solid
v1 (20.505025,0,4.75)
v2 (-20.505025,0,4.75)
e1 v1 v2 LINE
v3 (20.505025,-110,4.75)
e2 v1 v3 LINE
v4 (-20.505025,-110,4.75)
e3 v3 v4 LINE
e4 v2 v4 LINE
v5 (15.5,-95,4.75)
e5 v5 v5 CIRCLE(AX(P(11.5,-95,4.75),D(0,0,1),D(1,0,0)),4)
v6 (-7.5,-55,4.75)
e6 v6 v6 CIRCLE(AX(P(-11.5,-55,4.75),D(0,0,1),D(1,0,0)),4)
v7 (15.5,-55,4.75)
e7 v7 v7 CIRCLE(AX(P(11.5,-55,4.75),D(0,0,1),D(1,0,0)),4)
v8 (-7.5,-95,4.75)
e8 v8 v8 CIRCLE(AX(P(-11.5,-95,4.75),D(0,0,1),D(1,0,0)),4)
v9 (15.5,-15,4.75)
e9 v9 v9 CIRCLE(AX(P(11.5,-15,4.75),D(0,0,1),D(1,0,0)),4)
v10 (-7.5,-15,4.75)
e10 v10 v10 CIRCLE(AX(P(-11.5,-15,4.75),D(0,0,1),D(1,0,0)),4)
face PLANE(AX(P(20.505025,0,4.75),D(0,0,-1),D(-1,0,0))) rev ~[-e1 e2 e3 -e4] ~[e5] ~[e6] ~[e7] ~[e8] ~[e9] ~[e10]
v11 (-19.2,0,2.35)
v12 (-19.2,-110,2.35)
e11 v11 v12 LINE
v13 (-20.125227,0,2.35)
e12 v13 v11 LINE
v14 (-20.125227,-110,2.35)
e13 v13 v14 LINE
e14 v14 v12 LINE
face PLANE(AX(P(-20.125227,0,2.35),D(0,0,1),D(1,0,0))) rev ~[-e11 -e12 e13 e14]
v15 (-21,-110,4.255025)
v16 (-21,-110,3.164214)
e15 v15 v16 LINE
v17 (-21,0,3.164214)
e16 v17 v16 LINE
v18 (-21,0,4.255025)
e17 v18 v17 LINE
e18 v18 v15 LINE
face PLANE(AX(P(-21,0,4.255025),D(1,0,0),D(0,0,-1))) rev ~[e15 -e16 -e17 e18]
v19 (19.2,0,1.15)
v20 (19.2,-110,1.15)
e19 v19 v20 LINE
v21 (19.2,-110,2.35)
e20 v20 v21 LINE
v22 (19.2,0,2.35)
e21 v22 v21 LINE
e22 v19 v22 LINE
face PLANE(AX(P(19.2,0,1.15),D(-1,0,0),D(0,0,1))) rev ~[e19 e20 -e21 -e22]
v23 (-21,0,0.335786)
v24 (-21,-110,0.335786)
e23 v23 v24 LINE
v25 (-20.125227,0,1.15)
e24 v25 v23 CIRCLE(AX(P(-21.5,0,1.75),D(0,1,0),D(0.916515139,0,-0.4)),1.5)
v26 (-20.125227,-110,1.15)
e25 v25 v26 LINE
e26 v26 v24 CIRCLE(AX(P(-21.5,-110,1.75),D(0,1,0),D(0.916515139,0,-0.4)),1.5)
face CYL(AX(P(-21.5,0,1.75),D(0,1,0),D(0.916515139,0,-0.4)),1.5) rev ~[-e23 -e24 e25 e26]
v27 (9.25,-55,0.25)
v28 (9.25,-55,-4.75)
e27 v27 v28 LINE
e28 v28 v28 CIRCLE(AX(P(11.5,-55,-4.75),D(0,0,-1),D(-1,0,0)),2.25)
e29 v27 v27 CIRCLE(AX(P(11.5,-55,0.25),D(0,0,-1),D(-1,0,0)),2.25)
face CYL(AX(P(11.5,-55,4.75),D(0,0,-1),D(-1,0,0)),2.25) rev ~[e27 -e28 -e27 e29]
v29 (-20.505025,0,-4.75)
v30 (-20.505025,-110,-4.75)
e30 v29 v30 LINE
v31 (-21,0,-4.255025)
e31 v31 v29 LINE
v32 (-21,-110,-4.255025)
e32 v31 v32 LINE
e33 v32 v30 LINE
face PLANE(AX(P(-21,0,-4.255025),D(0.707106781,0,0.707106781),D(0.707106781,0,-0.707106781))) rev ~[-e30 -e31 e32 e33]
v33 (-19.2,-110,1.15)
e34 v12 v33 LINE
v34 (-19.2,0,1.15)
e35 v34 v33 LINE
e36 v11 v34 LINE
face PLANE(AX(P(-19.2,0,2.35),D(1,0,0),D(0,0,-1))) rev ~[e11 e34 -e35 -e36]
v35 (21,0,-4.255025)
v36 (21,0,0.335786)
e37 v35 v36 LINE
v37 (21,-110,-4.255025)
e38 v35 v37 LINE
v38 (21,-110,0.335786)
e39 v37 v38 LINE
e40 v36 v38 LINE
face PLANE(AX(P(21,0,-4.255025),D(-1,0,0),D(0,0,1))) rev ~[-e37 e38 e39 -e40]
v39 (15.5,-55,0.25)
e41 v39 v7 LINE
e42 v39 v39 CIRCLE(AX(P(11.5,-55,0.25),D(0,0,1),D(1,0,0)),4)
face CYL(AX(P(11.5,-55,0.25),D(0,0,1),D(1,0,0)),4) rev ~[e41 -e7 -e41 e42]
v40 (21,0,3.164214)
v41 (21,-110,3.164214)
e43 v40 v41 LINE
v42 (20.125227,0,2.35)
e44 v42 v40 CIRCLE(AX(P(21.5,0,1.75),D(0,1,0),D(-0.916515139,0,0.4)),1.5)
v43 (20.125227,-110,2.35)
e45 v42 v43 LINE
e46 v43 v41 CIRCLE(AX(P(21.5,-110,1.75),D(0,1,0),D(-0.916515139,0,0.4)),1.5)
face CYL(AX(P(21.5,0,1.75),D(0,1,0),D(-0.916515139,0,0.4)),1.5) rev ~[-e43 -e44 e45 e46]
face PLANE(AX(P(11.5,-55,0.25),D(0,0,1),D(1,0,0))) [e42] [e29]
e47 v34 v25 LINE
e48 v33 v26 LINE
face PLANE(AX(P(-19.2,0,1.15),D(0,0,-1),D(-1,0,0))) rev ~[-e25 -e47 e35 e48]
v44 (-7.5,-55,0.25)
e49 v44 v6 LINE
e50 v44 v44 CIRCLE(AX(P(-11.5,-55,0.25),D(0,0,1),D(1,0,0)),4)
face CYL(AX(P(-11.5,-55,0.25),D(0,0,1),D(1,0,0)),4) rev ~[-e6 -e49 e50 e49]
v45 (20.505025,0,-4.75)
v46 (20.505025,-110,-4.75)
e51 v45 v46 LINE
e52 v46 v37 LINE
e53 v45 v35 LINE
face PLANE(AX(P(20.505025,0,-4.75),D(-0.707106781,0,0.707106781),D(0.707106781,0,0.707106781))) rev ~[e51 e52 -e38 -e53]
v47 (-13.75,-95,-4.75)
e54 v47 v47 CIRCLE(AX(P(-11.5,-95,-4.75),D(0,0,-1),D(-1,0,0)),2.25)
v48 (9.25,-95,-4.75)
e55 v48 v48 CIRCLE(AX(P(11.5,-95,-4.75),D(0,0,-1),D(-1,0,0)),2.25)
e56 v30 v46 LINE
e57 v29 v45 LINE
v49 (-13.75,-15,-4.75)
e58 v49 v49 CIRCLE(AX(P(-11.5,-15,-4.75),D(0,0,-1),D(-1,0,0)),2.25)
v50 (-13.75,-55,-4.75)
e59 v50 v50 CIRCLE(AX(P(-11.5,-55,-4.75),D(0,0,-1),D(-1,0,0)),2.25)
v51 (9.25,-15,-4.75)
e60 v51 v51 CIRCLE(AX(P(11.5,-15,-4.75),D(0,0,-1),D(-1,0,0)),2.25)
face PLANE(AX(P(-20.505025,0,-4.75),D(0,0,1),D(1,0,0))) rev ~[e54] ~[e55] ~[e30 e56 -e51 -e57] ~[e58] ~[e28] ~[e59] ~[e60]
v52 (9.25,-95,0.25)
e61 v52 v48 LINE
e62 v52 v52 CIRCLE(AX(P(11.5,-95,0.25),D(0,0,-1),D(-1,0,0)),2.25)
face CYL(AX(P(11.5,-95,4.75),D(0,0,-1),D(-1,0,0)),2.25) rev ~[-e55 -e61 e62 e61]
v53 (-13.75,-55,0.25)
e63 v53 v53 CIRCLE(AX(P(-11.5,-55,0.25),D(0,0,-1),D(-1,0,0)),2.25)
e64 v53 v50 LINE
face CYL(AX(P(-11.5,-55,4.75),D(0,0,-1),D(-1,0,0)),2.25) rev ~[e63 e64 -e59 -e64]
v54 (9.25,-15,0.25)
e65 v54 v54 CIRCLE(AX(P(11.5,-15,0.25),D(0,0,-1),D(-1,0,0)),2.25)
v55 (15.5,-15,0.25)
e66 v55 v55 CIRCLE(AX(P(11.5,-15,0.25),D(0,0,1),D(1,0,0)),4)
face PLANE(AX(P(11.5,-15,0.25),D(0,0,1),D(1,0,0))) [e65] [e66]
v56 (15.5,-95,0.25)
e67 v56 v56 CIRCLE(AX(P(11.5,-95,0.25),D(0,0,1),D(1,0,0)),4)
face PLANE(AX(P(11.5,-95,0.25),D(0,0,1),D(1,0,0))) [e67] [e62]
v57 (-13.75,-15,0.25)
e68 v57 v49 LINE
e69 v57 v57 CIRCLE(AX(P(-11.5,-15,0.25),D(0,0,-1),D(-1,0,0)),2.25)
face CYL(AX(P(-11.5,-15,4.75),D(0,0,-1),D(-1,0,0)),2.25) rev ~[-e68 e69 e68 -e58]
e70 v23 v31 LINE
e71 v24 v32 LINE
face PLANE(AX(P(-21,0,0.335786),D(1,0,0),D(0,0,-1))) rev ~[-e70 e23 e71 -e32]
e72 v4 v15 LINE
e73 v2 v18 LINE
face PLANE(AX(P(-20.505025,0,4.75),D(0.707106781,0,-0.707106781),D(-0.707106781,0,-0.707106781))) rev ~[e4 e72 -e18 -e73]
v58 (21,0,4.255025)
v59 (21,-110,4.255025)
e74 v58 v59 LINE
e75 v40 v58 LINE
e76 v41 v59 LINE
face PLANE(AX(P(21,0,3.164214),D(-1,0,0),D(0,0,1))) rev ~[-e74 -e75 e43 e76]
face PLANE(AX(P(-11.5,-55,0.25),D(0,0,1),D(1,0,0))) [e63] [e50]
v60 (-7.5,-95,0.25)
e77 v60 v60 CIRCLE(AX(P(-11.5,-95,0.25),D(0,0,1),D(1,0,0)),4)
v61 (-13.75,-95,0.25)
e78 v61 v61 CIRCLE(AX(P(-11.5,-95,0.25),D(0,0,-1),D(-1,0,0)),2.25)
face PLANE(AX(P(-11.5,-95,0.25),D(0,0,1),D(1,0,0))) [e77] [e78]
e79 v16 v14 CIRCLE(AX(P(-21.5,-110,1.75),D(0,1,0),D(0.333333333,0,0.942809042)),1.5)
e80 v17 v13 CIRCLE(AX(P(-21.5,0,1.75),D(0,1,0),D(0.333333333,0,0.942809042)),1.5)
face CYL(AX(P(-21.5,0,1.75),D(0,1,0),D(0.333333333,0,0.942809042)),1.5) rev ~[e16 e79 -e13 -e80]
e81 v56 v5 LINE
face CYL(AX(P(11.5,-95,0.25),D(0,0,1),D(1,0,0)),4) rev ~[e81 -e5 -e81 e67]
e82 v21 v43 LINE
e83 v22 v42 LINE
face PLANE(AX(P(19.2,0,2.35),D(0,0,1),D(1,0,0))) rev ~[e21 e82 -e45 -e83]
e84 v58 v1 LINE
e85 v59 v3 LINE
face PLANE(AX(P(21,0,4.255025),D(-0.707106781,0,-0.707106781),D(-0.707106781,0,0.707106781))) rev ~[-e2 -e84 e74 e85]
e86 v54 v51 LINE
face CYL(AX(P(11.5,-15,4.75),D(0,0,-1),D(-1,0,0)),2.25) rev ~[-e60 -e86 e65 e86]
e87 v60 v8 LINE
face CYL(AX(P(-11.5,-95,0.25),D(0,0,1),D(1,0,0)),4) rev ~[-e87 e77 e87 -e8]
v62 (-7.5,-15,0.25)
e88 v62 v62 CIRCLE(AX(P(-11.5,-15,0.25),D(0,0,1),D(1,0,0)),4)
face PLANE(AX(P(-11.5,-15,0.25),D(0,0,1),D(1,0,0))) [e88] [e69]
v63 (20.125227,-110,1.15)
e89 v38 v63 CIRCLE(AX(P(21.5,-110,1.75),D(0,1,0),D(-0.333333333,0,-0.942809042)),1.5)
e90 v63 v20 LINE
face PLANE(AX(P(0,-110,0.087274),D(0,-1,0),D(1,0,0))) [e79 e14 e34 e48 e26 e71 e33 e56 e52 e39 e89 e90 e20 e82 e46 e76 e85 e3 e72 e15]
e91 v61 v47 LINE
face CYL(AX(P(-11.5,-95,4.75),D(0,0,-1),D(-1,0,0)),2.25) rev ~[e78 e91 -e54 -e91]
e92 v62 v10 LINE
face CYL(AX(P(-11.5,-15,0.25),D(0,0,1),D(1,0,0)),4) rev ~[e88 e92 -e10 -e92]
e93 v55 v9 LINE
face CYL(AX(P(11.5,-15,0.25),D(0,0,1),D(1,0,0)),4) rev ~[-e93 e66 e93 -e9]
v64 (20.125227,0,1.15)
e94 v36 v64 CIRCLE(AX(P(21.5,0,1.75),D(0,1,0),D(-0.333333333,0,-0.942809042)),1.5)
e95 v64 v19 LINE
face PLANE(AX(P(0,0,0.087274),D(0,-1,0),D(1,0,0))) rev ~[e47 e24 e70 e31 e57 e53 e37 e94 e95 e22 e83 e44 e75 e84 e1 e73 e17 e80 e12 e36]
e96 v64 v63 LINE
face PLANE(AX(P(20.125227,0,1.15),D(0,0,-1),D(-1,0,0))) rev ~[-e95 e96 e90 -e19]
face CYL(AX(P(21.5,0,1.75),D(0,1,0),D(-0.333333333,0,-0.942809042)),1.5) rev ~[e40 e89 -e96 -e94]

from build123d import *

# Parameters (mm, degrees)
F4_DEPTH       = 110
F6_D           = 4.5
F6_CBORE_D     = 8
F6_CBORE_DEPTH = 4.5


with BuildPart() as f4:
    # F3 (on Front) → F4 (new body)
    with BuildSketch(Plane.XZ):
        with BuildLine():
            Line((-20.5050252532, -4.75), (0, -4.75))
            Line((0, -4.75), (20.5050252532, -4.75))
            Line((20.5050252532, -4.75), (21, -4.2550252532))
            Line((21, -4.2550252532), (21, 0.3357864376))
            ThreePointArc((21, 0.3357864376), (20.4780268553, 0.6520150768), (20.1252272915, 1.15))
            Line((20.1252272915, 1.15), (19.2, 1.15))
            Line((19.2, 1.15), (19.2, 2.35))
            Line((19.2, 2.35), (20.1252272915, 2.35))
            ThreePointArc((20.1252272915, 2.35), (20.4780268553, 2.8479849232), (21, 3.1642135624))
            Line((21, 3.1642135624), (21, 4.2550252532))
            Line((21, 4.2550252532), (20.5050252532, 4.75))
            Line((20.5050252532, 4.75), (0, 4.75))
            Line((0, 4.75), (-20.5050252532, 4.75))
            Line((-20.5050252532, 4.75), (-21, 4.2550252532))
            Line((-21, 4.2550252532), (-21, 3.1642135624))
            ThreePointArc((-21, 3.1642135624), (-20.4780268553, 2.8479849232), (-20.1252272915, 2.35))
            Line((-20.1252272915, 2.35), (-19.2, 2.35))
            Line((-19.2, 2.35), (-19.2, 1.15))
            Line((-19.2, 1.15), (-20.1252272915, 1.15))
            ThreePointArc((-20.1252272915, 1.15), (-20.4780268553, 0.6520150768), (-21, 0.3357864376))
            Line((-21, 0.3357864376), (-21, -4.2550252532))
            Line((-21, -4.2550252532), (-20.5050252532, -4.75))
        make_face()
    extrude(amount=F4_DEPTH)

    # F6 (through all)
    with Locations(Plane.XY.offset(4.75)):
        with Locations((-11.5, -655), (-11.5, -335), (-11.5, -455), (-11.5, -775), (-11.5, -615), (-11.5, -295), (-11.5, -415), (-11.5, -735), (-11.5, -575), (-11.5, -375), (-11.5, -255), (-11.5, -215), (-11.5, -535), (-11.5, -55), (-11.5, -15), (-11.5, -175), (-11.5, -695), (-11.5, -95), (-11.5, -135), (-11.5, -495), (11.5, -455), (11.5, -775), (11.5, -615), (11.5, -295), (11.5, -415), (11.5, -735), (11.5, -695), (11.5, -135), (11.5, -375), (11.5, -215), (11.5, -255), (11.5, -495), (11.5, -175), (11.5, -95), (11.5, -55), (11.5, -535), (11.5, -15), (11.5, -575), (11.5, -655), (11.5, -335), (11.5, -1415), (11.5, -1735), (11.5, -1095), (-11.5, -1935), (-11.5, -975), (-11.5, -1295), (-11.5, -1615), (-11.5, -1415), (-11.5, -1735), (-11.5, -1095), (11.5, -1895), (11.5, -935), (11.5, -1255), (11.5, -1575), (11.5, -1375), (11.5, -1695), (11.5, -1055), (-11.5, -1895), (-11.5, -935), (-11.5, -1255), (-11.5, -1575), (-11.5, -1375), (-11.5, -1695), (-11.5, -1055), (-11.5, -1855), (11.5, -1975), (11.5, -1015), (11.5, -1655), (11.5, -1215), (11.5, -1495), (-11.5, -1335), (-11.5, -1815), (11.5, -1455), (-11.5, -1175), (11.5, -1775), (-11.5, -1135), (11.5, -815), (11.5, -1135), (-11.5, -1975), (-11.5, -855), (11.5, -1815), (11.5, -1935), (11.5, -1175), (-11.5, -1655), (11.5, -1855), (11.5, -1615), (11.5, -1295), (-11.5, -895), (-11.5, -815), (-11.5, -1215), (-11.5, -1455), (11.5, -895), (11.5, -975), (11.5, -1335), (11.5, -1535), (-11.5, -1495), (-11.5, -1535), (-11.5, -1775), (-11.5, -1015), (11.5, -855)):
            CounterBoreHole(F6_D / 2, F6_CBORE_D / 2, F6_CBORE_DEPTH)


solid = f4.part
